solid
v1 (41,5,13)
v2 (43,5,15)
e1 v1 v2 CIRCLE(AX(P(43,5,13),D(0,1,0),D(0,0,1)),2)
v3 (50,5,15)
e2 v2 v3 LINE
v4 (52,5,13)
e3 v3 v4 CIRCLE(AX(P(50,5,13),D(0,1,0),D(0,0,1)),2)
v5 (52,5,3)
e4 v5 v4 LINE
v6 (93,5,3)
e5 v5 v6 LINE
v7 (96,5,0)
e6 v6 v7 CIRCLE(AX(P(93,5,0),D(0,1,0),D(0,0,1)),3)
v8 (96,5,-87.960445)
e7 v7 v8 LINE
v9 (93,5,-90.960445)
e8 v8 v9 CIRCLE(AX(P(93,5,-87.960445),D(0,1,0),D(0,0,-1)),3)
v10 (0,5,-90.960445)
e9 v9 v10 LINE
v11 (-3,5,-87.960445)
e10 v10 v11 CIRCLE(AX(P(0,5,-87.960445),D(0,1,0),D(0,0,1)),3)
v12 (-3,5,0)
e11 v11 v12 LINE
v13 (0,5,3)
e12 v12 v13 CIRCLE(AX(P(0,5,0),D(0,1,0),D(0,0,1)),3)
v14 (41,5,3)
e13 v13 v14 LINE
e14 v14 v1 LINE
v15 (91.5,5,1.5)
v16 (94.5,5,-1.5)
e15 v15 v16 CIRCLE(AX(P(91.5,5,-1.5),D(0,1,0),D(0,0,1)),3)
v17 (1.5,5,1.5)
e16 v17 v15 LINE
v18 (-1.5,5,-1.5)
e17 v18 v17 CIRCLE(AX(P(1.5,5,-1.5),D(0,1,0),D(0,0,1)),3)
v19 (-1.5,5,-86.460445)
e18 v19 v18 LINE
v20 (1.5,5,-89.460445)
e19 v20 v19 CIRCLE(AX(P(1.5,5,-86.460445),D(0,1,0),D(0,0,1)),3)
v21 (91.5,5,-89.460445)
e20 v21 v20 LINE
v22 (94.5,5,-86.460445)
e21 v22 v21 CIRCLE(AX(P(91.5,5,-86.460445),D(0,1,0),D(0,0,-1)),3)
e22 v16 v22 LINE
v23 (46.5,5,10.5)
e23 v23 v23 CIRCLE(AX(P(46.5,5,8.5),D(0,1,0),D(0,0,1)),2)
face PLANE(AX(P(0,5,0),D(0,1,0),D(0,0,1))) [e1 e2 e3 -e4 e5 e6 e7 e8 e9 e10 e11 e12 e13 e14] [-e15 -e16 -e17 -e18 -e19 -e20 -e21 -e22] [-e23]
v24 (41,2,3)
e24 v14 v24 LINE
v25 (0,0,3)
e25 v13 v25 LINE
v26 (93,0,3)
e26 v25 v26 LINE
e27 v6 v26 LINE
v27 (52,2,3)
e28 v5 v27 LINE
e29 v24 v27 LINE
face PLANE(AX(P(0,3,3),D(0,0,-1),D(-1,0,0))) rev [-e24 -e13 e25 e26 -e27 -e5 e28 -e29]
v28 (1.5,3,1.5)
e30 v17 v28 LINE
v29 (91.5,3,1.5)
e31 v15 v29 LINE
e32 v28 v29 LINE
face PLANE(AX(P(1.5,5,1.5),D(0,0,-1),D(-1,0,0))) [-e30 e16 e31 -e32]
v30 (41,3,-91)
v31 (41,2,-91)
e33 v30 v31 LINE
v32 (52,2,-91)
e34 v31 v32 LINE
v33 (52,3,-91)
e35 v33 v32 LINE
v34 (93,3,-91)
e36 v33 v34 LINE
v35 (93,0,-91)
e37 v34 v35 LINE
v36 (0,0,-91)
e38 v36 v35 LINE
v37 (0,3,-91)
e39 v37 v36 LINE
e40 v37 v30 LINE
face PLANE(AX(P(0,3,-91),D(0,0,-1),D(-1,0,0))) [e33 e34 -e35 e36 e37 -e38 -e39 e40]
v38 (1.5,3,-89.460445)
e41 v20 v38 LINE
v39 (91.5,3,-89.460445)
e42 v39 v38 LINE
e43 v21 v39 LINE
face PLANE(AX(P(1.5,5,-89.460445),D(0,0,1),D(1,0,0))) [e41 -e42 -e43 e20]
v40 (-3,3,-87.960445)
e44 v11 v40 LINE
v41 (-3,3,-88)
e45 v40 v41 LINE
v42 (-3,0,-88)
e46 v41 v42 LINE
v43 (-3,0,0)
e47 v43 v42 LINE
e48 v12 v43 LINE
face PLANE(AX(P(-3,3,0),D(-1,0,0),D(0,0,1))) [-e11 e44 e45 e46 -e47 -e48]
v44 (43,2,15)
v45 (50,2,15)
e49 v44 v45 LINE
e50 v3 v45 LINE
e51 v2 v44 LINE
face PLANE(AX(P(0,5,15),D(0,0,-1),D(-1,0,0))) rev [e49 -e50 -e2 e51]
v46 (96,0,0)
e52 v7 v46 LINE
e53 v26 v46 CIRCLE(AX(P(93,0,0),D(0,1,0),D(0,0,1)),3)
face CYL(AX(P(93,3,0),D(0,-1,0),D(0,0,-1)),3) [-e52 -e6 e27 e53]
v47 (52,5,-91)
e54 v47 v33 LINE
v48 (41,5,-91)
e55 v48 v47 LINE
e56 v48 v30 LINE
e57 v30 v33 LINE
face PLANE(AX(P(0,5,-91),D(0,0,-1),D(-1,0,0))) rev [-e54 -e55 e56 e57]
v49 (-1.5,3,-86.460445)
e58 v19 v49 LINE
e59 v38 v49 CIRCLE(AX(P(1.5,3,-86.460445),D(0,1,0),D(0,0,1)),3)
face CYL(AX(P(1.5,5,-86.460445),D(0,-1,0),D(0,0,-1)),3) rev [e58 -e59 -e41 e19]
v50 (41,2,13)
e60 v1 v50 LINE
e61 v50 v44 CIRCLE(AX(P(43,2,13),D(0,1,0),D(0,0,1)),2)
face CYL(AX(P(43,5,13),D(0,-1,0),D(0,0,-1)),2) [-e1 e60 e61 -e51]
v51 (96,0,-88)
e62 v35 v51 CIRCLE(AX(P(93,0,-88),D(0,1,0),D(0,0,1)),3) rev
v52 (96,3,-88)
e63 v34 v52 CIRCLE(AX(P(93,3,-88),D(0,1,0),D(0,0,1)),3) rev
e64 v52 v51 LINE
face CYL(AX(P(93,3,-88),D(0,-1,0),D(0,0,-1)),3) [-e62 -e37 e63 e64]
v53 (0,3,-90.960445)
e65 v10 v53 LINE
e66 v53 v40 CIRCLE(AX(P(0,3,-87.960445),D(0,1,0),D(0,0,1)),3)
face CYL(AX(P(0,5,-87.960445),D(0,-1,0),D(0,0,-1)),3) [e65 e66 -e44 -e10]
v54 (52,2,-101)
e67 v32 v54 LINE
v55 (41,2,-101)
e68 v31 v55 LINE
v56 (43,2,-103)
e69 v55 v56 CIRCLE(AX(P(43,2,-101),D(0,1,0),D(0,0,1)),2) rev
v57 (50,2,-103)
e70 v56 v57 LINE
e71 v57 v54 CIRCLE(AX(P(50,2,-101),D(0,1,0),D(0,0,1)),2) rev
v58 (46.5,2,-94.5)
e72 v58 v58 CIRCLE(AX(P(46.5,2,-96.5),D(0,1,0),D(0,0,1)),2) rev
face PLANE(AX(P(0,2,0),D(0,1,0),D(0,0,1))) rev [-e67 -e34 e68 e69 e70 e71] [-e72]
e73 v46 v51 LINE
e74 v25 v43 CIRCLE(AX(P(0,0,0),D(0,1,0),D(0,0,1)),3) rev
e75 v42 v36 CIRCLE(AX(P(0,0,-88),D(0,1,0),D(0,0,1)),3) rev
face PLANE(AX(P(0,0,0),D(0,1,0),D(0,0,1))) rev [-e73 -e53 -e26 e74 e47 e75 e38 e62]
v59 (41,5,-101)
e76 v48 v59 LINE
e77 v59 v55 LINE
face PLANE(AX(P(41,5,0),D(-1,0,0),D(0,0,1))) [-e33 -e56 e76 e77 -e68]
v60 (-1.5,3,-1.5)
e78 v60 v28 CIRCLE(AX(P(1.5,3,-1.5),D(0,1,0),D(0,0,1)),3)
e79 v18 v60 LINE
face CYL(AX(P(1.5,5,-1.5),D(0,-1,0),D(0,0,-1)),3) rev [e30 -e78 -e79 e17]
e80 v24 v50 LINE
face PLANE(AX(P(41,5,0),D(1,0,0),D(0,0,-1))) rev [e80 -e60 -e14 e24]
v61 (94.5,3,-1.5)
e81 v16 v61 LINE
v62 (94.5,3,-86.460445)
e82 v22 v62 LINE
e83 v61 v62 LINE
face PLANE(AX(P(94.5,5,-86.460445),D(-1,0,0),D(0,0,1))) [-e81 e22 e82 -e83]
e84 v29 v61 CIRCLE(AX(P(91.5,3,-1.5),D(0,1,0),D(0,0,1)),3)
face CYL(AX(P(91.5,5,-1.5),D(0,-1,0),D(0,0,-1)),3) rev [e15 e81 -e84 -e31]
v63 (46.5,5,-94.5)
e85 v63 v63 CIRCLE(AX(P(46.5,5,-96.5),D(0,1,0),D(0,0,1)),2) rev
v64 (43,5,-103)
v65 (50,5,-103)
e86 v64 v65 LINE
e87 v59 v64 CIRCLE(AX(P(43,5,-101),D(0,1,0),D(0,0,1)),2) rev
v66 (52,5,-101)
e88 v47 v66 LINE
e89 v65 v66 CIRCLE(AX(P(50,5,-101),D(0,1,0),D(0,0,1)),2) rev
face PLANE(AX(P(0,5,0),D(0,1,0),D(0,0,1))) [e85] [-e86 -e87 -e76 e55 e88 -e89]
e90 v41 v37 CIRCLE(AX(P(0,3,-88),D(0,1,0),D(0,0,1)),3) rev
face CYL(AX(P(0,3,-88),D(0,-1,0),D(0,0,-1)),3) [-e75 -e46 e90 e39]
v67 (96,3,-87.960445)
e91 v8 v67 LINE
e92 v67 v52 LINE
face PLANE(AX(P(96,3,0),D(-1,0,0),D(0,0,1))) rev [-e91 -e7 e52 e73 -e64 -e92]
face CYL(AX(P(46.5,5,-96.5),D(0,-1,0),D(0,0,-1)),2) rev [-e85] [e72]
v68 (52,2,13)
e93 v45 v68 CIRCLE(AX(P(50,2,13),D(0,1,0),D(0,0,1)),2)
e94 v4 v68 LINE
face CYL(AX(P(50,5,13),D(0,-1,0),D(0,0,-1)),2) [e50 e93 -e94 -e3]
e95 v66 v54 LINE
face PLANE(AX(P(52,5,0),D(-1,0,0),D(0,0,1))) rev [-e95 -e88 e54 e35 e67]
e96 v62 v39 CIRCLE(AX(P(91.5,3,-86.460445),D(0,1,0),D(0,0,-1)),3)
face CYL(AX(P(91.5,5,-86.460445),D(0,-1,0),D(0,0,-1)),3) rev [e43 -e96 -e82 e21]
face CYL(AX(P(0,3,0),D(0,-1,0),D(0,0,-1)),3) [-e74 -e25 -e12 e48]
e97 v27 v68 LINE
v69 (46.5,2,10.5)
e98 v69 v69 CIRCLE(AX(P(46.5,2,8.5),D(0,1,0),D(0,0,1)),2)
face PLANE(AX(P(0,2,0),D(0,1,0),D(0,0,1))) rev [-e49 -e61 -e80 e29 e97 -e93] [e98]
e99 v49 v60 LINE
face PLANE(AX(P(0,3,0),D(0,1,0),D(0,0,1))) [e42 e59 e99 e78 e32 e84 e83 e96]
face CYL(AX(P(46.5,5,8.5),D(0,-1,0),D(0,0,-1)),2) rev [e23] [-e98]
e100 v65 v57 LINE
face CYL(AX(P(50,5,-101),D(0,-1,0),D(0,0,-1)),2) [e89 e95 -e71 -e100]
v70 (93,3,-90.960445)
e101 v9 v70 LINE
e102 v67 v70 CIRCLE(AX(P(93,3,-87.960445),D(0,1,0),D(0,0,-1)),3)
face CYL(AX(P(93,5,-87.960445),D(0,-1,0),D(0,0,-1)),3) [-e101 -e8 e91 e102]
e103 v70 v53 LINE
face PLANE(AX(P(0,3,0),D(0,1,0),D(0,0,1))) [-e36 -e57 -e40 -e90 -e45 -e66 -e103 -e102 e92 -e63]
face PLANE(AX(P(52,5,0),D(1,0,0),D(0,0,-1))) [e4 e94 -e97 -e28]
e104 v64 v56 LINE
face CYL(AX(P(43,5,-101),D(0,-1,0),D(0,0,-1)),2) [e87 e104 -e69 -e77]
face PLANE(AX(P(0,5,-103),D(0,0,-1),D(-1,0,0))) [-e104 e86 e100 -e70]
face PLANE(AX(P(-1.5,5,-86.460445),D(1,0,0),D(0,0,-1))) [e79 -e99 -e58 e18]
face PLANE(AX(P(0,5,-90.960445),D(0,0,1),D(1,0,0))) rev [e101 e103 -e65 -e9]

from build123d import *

# Parameters (mm, degrees)
RESSALTO_EXTRUS_O2_DEPTH = 3
RESSALTO_EXTRUS_O3_START = 2
ESBO_O1_8_R              = 2
RESSALTO_EXTRUS_O3_DEPTH = 3
RESSALTO_EXTRUS_O4_DEPTH = 2


with BuildPart() as part:
    # Esboço1 → Ressalto-extrusão2 (new body)
    with BuildSketch(Plane(origin=(0, 0, 0), x_dir=(1, 0, 0), z_dir=(0, 1, 0))):
        with BuildLine():
            ThreePointArc((-3, 0), (-2.121320344, -2.121320344), (0, -3))
            Line((0, -3), (41, -3))
            Line((41, -3), (52, -3))
            Line((52, -3), (93, -3))
            ThreePointArc((93, -3), (95.121320344, -2.121320344), (96, 0))
            Line((96, 0), (96, 38.5))
            Line((96, 38.5), (96, 49.5))
            Line((96, 49.5), (96, 88))
            ThreePointArc((96, 88), (95.121320344, 90.121320344), (93, 91))
            Line((93, 91), (52, 91))
            Line((52, 91), (41, 91))
            Line((41, 91), (0, 91))
            ThreePointArc((0, 91), (-2.121320344, 90.121320344), (-3, 88))
            Line((-3, 88), (-3, 0))
        make_face()
    extrude(amount=RESSALTO_EXTRUS_O2_DEPTH)

    # Esboço1<8> → Ressalto-extrusão3 (add)
    # profile 1 of 2: a face of its own
    with BuildSketch(Plane(origin=(0, 0, 0), x_dir=(1, 0, 0), z_dir=(0, 1, 0)).offset(RESSALTO_EXTRUS_O3_START)):
        with BuildLine():
            Line((52, -3), (41, -3))
            Line((41, -3), (41, -13))
            ThreePointArc((41, -13), (41.585786438, -14.414213562), (43, -15))
            Line((43, -15), (50, -15))
            ThreePointArc((50, -15), (51.414213562, -14.414213562), (52, -13))
            Line((52, -13), (52, -3))
        make_face()
        with Locations((46.5, -8.5)):
            Circle(ESBO_O1_8_R, mode=Mode.SUBTRACT)
    # profile 2 of 2: a face of its own
    with BuildSketch(Plane(origin=(0, 0, 0), x_dir=(1, 0, 0), z_dir=(0, 1, 0)).offset(RESSALTO_EXTRUS_O3_START)):
        with BuildLine():
            Line((41, 101), (41, 91))
            Line((41, 91), (52, 91))
            Line((52, 91), (52, 101))
            ThreePointArc((52, 101), (51.414213562, 102.414213562), (50, 103))
            Line((50, 103), (43, 103))
            ThreePointArc((43, 103), (41.585786438, 102.414213562), (41, 101))
        make_face()
        with Locations((46.5, 96.5)):
            Circle(ESBO_O1_8_R, mode=Mode.SUBTRACT)
    extrude(amount=RESSALTO_EXTRUS_O3_DEPTH)

    # Esboço2 → Ressalto-extrusão4 (add)
    with BuildSketch(Plane(origin=(0, 3, 0), x_dir=(1, 0, 0), z_dir=(0, 1, 0))):
        with BuildLine():
            Line((0, 90.960445131), (93, 90.960445131))
            ThreePointArc((93, 90.960445131), (95.121320344, 90.081765475), (96, 87.960445131))
            Line((96, 87.960445131), (96, 0))
            ThreePointArc((96, 0), (95.121320344, -2.121320344), (93, -3))
            Line((93, -3), (0, -3))
            ThreePointArc((0, -3), (-2.121320344, -2.121320344), (-3, 0))
            Line((-3, 0), (-3, 87.960445131))
            ThreePointArc((-3, 87.960445131), (-2.121320344, 90.081765475), (0, 90.960445131))
        make_face()
        with BuildLine():
            Line((1.5, 89.460445131), (91.5, 89.460445131))
            ThreePointArc((91.5, 89.460445131), (93.621320344, 88.581765475), (94.5, 86.460445131))
            Line((94.5, 86.460445131), (94.5, 1.5))
            ThreePointArc((94.5, 1.5), (93.621320344, -0.621320344), (91.5, -1.5))
            Line((91.5, -1.5), (1.5, -1.5))
            ThreePointArc((1.5, -1.5), (-0.621320344, -0.621320344), (-1.5, 1.5))
            Line((-1.5, 1.5), (-1.5, 86.460445131))
            ThreePointArc((-1.5, 86.460445131), (-0.621320344, 88.581765475), (1.5, 89.460445131))
        make_face(mode=Mode.SUBTRACT)
    extrude(amount=RESSALTO_EXTRUS_O4_DEPTH)


solid = part.part
